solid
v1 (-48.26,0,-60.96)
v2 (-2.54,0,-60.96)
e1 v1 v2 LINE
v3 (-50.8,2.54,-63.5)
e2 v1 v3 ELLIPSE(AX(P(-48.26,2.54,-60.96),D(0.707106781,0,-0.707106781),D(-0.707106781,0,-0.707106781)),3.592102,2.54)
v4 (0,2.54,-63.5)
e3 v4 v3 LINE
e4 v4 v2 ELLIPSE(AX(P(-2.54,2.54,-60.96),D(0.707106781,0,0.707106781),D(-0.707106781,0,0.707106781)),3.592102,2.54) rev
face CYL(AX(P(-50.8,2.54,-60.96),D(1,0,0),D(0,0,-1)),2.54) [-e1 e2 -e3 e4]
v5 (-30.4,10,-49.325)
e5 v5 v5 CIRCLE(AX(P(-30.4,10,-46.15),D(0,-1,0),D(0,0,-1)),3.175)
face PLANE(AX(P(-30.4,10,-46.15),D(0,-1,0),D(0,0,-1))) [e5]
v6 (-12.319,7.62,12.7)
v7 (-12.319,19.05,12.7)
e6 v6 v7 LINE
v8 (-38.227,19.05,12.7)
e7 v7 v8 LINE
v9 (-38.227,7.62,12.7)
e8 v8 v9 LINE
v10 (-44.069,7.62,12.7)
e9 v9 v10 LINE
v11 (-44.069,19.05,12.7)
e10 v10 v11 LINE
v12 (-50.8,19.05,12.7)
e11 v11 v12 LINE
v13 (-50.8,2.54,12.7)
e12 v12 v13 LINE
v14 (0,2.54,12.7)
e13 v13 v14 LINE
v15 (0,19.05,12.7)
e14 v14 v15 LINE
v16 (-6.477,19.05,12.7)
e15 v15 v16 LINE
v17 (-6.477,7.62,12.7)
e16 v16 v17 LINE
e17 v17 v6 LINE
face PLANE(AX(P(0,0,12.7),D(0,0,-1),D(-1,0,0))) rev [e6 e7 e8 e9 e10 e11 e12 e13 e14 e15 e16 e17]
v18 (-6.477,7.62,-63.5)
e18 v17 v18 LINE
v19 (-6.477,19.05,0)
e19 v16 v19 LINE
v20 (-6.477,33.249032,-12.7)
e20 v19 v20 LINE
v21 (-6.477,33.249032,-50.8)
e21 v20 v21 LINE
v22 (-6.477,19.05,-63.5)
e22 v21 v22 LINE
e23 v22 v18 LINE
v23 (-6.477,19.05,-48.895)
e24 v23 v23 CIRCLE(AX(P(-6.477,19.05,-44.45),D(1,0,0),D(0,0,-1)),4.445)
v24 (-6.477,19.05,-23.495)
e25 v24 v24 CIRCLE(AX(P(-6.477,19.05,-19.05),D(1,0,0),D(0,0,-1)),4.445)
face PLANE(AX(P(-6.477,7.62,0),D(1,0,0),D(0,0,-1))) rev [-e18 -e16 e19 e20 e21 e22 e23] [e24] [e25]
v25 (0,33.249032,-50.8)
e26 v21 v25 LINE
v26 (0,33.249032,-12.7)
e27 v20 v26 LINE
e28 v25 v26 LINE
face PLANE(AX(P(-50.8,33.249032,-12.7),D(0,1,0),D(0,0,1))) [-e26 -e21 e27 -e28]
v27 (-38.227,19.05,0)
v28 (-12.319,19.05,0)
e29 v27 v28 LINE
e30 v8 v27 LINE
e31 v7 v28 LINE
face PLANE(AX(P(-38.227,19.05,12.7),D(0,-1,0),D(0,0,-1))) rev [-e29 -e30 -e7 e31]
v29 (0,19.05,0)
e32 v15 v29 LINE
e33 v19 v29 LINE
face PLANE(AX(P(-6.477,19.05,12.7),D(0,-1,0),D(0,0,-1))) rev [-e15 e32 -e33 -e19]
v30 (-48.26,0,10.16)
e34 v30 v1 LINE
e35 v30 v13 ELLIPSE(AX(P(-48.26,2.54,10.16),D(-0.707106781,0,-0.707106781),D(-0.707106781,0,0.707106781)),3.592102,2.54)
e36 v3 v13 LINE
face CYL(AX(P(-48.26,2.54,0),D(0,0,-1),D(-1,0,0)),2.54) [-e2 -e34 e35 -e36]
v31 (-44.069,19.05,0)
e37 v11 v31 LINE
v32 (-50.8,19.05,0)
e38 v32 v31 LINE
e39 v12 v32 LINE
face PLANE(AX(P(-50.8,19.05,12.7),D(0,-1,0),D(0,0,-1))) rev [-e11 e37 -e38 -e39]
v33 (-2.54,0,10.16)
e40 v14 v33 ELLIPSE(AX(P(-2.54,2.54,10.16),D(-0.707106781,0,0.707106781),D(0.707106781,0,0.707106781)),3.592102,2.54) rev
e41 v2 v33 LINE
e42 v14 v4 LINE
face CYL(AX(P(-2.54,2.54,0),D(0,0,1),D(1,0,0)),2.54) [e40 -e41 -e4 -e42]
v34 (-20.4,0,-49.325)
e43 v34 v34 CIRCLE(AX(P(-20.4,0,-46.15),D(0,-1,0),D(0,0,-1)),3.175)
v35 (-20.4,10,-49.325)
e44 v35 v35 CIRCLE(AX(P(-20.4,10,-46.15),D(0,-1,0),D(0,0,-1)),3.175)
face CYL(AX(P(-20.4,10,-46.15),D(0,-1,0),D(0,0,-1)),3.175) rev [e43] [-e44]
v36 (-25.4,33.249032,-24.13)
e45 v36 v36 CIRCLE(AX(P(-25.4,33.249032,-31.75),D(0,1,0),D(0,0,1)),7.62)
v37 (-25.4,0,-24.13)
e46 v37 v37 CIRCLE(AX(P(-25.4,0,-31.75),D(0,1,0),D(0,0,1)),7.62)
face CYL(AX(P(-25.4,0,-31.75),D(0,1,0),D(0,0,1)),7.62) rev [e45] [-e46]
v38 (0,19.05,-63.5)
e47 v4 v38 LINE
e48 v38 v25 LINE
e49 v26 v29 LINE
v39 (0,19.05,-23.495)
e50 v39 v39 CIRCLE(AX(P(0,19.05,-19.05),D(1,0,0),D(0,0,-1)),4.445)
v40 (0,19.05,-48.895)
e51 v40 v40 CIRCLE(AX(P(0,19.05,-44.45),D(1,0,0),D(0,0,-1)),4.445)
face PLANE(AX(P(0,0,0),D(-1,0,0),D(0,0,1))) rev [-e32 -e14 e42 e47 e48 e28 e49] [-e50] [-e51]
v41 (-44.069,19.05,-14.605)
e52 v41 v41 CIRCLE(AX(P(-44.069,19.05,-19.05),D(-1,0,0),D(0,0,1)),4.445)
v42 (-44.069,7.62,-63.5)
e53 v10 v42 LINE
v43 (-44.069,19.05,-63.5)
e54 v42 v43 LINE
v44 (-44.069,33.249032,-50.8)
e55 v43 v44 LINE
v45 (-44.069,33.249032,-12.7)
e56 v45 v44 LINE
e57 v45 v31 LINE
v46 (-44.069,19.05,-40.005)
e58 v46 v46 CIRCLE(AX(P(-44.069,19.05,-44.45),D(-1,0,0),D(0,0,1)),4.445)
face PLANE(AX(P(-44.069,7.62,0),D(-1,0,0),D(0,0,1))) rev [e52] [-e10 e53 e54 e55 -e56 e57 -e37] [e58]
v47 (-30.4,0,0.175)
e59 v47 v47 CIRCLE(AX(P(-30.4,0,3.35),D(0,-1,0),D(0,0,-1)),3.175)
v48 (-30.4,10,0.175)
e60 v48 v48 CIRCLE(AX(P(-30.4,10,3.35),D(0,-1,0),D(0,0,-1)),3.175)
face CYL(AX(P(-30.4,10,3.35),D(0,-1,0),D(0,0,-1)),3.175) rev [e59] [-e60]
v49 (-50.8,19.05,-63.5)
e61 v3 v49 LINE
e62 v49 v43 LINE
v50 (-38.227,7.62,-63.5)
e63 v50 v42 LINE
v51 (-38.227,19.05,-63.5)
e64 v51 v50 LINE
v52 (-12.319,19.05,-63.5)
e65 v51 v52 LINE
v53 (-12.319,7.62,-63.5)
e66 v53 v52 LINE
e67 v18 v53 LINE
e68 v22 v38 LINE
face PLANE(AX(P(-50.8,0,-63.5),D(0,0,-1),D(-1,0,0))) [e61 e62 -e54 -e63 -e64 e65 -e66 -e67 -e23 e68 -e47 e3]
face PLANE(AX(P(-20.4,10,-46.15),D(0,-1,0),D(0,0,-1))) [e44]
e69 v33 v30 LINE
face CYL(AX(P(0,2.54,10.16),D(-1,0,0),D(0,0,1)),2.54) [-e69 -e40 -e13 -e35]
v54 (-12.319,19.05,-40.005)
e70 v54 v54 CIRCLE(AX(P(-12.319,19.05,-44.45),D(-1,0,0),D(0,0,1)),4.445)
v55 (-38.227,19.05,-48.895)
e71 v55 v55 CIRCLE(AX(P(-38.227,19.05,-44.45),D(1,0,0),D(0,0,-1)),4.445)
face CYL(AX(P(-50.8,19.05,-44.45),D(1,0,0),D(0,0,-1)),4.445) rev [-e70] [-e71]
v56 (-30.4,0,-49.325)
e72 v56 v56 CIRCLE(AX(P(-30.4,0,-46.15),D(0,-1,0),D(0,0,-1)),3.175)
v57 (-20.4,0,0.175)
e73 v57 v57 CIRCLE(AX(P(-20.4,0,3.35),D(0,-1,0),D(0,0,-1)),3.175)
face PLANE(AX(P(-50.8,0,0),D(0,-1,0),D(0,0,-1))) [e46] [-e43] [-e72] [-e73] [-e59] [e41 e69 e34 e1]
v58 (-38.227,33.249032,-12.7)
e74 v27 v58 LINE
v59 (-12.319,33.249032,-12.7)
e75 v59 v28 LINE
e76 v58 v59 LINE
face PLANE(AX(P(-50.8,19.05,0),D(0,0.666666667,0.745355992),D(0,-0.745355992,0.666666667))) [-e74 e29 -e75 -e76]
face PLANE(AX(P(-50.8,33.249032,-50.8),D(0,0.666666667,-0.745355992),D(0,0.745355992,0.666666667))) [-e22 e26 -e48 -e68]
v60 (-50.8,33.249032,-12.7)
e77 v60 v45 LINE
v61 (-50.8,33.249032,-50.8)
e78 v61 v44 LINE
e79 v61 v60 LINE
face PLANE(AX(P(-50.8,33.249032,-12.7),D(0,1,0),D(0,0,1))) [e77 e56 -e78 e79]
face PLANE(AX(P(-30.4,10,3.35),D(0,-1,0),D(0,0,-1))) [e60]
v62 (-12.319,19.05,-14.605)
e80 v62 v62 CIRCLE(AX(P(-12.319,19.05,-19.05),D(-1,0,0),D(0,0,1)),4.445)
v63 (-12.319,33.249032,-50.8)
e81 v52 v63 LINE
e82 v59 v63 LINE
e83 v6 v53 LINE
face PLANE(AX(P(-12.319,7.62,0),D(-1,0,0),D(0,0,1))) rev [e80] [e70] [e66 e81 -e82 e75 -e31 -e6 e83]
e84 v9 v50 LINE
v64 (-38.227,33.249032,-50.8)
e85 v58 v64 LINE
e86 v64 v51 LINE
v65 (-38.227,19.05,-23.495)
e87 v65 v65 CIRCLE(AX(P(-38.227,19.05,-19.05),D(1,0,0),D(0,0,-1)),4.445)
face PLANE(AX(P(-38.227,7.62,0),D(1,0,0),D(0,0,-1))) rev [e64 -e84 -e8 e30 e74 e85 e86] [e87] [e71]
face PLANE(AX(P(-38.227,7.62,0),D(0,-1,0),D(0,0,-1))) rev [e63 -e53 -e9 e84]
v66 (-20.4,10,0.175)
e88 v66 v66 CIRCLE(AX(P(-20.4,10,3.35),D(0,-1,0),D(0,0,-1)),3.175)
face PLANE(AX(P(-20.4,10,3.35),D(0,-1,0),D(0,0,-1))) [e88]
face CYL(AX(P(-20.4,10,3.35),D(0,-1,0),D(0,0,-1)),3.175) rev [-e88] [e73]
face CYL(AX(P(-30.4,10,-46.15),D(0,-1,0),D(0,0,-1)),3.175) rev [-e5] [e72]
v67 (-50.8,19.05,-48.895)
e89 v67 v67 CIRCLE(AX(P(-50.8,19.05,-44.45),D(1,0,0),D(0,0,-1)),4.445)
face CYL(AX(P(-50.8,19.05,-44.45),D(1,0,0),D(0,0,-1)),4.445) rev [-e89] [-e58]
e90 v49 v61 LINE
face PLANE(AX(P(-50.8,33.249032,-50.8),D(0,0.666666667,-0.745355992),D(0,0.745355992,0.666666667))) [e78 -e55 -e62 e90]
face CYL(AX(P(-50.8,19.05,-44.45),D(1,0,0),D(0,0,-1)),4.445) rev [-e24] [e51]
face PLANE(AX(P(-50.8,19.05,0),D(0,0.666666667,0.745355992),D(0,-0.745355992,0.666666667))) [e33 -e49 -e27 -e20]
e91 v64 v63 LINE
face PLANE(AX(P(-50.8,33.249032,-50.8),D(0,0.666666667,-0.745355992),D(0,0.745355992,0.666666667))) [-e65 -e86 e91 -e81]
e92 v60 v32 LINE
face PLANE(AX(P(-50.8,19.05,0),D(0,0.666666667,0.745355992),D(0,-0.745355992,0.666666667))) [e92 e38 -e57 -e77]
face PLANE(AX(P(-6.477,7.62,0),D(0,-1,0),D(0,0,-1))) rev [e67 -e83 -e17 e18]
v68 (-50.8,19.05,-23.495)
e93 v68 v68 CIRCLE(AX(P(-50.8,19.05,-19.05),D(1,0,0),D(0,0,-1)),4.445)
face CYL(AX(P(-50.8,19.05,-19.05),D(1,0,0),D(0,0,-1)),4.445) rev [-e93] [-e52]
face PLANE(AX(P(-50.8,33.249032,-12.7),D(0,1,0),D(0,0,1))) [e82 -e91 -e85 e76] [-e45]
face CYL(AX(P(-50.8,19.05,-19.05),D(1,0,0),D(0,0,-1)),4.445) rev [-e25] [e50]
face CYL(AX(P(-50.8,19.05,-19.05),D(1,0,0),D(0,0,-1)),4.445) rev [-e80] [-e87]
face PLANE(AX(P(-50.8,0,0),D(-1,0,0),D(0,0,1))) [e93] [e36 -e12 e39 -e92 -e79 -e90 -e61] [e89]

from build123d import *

# Parameters (mm, degrees)
SKETCH1_W           = 63.5
SKETCH1_H           = 6.35
BOSS_EXTRUDE1_DEPTH = 50.8
BOSS_EXTRUDE2_DEPTH = 50.8
SKETCH10_W          = 5.842
SKETCH10_H          = 25.629031657
CUT_EXTRUDE1_DEPTH  = 88.854357354
LPATTERN3_COUNT     = 2
LPATTERN3_PITCH     = 31.75
SKETCH11_R          = 4.445
CUT_EXTRUDE2_DEPTH  = 88.854357354
BOSS_EXTRUDE3_DEPTH = 12.7
SKETCH23_R          = 7.62
CUT_EXTRUDE6_DEPTH  = 88.854357354
FILLET2_R           = 2.54
SKETCH24_R          = 3.175
CUT_EXTRUDE7_DEPTH  = 10


with BuildPart() as part:
    # Sketch1 → Boss-Extrude1 (new body)
    with BuildSketch(Plane(origin=(0, 0, 0), x_dir=(0, 0, -1), z_dir=(1, 0, 0))):
        with Locations((31.75, 3.175)):
            Rectangle(SKETCH1_W, SKETCH1_H)
    extrude(amount=-BOSS_EXTRUDE1_DEPTH)

    # Sketch2 → Boss-Extrude2 (add)
    with BuildSketch(Plane(origin=(0, 0, 0), x_dir=(0, 0, -1), z_dir=(1, 0, 0))):
        Polygon((0, 6.35), (0, 19.05), (12.7, 33.249031657), (50.8, 33.249031657), (63.5, 19.05), (63.5, 6.35), align=None)
    extrude(amount=-BOSS_EXTRUDE2_DEPTH)

    # Sketch10 → Cut-Extrude1 (cut, through all)
    with BuildSketch(Plane(origin=(0, 0, -63.5), x_dir=(-1, 0, 0), z_dir=(0, 0, -1))):
        with Locations((9.398, 20.434515829)):
            Rectangle(SKETCH10_W, SKETCH10_H)
    cut_extrude1 = extrude(amount=-CUT_EXTRUDE1_DEPTH, mode=Mode.SUBTRACT)

    # LPattern3: Cut-Extrude1 ×2
    with Locations(*[(-i * LPATTERN3_PITCH, 0, 0) for i in range(1, LPATTERN3_COUNT)]):
        add(cut_extrude1, mode=Mode.SUBTRACT)

    # Sketch11 → Cut-Extrude2 (cut, through all)
    with BuildSketch(Plane(origin=(0, 0, 0), x_dir=(0, 0, -1), z_dir=(1, 0, 0))):
        with Locations((19.05, 19.05)):
            Circle(SKETCH11_R)
        with Locations((44.45, 19.05)):
            Circle(SKETCH11_R)
    extrude(amount=-CUT_EXTRUDE2_DEPTH, mode=Mode.SUBTRACT)

    # Sketch22 → Boss-Extrude3 (add)
    with BuildSketch(Plane.XY):
        Polygon((0, 0), (-50.8, 0), (-50.8, 7.62), (-50.8, 19.05), (-44.069, 19.05), (-44.069, 7.62), (-38.227, 7.62), (-38.227, 19.05), (-12.319, 19.05), (-12.319, 7.62), (-6.477, 7.62), (-6.477, 19.05), (0, 19.05), (0, 7.62), align=None)
    extrude(amount=BOSS_EXTRUDE3_DEPTH)

    # Sketch23 → Cut-Extrude6 (cut, through all)
    with BuildSketch(Plane(origin=(0, 33.249031657, 0), x_dir=(1, 0, 0), z_dir=(0, 1, 0))):
        with Locations(Location((-25.4, 31.75, 0), (0, 0, 270))):
            Circle(SKETCH23_R)
    extrude(amount=-CUT_EXTRUDE6_DEPTH, mode=Mode.SUBTRACT)

    # Fillet2
    fillet2_edges = [part.edges().sort_by_distance(p)[0] for p in [
        (-25.4, 0, 12.7),
        (0, 0, -25.4),
        (-50.8, 0, -25.4),
        (-25.4, 0, -63.5),
    ]]
    fillet(fillet2_edges, radius=FILLET2_R)

    # Sketch24 → Cut-Extrude7 (cut)
    with BuildSketch(Plane.XZ):
        with Locations(Location((-30.4, -46.15, 0), (0, 0, 270))):
            Circle(SKETCH24_R)
        with Locations(Location((-20.4, -46.15, 0), (0, 0, 270))):
            Circle(SKETCH24_R)
        with Locations(Location((-20.4, 3.35, 0), (0, 0, 270))):
            Circle(SKETCH24_R)
        with Locations(Location((-30.4, 3.35, 0), (0, 0, 270))):
            Circle(SKETCH24_R)
    extrude(amount=-CUT_EXTRUDE7_DEPTH, mode=Mode.SUBTRACT)


solid = part.part
